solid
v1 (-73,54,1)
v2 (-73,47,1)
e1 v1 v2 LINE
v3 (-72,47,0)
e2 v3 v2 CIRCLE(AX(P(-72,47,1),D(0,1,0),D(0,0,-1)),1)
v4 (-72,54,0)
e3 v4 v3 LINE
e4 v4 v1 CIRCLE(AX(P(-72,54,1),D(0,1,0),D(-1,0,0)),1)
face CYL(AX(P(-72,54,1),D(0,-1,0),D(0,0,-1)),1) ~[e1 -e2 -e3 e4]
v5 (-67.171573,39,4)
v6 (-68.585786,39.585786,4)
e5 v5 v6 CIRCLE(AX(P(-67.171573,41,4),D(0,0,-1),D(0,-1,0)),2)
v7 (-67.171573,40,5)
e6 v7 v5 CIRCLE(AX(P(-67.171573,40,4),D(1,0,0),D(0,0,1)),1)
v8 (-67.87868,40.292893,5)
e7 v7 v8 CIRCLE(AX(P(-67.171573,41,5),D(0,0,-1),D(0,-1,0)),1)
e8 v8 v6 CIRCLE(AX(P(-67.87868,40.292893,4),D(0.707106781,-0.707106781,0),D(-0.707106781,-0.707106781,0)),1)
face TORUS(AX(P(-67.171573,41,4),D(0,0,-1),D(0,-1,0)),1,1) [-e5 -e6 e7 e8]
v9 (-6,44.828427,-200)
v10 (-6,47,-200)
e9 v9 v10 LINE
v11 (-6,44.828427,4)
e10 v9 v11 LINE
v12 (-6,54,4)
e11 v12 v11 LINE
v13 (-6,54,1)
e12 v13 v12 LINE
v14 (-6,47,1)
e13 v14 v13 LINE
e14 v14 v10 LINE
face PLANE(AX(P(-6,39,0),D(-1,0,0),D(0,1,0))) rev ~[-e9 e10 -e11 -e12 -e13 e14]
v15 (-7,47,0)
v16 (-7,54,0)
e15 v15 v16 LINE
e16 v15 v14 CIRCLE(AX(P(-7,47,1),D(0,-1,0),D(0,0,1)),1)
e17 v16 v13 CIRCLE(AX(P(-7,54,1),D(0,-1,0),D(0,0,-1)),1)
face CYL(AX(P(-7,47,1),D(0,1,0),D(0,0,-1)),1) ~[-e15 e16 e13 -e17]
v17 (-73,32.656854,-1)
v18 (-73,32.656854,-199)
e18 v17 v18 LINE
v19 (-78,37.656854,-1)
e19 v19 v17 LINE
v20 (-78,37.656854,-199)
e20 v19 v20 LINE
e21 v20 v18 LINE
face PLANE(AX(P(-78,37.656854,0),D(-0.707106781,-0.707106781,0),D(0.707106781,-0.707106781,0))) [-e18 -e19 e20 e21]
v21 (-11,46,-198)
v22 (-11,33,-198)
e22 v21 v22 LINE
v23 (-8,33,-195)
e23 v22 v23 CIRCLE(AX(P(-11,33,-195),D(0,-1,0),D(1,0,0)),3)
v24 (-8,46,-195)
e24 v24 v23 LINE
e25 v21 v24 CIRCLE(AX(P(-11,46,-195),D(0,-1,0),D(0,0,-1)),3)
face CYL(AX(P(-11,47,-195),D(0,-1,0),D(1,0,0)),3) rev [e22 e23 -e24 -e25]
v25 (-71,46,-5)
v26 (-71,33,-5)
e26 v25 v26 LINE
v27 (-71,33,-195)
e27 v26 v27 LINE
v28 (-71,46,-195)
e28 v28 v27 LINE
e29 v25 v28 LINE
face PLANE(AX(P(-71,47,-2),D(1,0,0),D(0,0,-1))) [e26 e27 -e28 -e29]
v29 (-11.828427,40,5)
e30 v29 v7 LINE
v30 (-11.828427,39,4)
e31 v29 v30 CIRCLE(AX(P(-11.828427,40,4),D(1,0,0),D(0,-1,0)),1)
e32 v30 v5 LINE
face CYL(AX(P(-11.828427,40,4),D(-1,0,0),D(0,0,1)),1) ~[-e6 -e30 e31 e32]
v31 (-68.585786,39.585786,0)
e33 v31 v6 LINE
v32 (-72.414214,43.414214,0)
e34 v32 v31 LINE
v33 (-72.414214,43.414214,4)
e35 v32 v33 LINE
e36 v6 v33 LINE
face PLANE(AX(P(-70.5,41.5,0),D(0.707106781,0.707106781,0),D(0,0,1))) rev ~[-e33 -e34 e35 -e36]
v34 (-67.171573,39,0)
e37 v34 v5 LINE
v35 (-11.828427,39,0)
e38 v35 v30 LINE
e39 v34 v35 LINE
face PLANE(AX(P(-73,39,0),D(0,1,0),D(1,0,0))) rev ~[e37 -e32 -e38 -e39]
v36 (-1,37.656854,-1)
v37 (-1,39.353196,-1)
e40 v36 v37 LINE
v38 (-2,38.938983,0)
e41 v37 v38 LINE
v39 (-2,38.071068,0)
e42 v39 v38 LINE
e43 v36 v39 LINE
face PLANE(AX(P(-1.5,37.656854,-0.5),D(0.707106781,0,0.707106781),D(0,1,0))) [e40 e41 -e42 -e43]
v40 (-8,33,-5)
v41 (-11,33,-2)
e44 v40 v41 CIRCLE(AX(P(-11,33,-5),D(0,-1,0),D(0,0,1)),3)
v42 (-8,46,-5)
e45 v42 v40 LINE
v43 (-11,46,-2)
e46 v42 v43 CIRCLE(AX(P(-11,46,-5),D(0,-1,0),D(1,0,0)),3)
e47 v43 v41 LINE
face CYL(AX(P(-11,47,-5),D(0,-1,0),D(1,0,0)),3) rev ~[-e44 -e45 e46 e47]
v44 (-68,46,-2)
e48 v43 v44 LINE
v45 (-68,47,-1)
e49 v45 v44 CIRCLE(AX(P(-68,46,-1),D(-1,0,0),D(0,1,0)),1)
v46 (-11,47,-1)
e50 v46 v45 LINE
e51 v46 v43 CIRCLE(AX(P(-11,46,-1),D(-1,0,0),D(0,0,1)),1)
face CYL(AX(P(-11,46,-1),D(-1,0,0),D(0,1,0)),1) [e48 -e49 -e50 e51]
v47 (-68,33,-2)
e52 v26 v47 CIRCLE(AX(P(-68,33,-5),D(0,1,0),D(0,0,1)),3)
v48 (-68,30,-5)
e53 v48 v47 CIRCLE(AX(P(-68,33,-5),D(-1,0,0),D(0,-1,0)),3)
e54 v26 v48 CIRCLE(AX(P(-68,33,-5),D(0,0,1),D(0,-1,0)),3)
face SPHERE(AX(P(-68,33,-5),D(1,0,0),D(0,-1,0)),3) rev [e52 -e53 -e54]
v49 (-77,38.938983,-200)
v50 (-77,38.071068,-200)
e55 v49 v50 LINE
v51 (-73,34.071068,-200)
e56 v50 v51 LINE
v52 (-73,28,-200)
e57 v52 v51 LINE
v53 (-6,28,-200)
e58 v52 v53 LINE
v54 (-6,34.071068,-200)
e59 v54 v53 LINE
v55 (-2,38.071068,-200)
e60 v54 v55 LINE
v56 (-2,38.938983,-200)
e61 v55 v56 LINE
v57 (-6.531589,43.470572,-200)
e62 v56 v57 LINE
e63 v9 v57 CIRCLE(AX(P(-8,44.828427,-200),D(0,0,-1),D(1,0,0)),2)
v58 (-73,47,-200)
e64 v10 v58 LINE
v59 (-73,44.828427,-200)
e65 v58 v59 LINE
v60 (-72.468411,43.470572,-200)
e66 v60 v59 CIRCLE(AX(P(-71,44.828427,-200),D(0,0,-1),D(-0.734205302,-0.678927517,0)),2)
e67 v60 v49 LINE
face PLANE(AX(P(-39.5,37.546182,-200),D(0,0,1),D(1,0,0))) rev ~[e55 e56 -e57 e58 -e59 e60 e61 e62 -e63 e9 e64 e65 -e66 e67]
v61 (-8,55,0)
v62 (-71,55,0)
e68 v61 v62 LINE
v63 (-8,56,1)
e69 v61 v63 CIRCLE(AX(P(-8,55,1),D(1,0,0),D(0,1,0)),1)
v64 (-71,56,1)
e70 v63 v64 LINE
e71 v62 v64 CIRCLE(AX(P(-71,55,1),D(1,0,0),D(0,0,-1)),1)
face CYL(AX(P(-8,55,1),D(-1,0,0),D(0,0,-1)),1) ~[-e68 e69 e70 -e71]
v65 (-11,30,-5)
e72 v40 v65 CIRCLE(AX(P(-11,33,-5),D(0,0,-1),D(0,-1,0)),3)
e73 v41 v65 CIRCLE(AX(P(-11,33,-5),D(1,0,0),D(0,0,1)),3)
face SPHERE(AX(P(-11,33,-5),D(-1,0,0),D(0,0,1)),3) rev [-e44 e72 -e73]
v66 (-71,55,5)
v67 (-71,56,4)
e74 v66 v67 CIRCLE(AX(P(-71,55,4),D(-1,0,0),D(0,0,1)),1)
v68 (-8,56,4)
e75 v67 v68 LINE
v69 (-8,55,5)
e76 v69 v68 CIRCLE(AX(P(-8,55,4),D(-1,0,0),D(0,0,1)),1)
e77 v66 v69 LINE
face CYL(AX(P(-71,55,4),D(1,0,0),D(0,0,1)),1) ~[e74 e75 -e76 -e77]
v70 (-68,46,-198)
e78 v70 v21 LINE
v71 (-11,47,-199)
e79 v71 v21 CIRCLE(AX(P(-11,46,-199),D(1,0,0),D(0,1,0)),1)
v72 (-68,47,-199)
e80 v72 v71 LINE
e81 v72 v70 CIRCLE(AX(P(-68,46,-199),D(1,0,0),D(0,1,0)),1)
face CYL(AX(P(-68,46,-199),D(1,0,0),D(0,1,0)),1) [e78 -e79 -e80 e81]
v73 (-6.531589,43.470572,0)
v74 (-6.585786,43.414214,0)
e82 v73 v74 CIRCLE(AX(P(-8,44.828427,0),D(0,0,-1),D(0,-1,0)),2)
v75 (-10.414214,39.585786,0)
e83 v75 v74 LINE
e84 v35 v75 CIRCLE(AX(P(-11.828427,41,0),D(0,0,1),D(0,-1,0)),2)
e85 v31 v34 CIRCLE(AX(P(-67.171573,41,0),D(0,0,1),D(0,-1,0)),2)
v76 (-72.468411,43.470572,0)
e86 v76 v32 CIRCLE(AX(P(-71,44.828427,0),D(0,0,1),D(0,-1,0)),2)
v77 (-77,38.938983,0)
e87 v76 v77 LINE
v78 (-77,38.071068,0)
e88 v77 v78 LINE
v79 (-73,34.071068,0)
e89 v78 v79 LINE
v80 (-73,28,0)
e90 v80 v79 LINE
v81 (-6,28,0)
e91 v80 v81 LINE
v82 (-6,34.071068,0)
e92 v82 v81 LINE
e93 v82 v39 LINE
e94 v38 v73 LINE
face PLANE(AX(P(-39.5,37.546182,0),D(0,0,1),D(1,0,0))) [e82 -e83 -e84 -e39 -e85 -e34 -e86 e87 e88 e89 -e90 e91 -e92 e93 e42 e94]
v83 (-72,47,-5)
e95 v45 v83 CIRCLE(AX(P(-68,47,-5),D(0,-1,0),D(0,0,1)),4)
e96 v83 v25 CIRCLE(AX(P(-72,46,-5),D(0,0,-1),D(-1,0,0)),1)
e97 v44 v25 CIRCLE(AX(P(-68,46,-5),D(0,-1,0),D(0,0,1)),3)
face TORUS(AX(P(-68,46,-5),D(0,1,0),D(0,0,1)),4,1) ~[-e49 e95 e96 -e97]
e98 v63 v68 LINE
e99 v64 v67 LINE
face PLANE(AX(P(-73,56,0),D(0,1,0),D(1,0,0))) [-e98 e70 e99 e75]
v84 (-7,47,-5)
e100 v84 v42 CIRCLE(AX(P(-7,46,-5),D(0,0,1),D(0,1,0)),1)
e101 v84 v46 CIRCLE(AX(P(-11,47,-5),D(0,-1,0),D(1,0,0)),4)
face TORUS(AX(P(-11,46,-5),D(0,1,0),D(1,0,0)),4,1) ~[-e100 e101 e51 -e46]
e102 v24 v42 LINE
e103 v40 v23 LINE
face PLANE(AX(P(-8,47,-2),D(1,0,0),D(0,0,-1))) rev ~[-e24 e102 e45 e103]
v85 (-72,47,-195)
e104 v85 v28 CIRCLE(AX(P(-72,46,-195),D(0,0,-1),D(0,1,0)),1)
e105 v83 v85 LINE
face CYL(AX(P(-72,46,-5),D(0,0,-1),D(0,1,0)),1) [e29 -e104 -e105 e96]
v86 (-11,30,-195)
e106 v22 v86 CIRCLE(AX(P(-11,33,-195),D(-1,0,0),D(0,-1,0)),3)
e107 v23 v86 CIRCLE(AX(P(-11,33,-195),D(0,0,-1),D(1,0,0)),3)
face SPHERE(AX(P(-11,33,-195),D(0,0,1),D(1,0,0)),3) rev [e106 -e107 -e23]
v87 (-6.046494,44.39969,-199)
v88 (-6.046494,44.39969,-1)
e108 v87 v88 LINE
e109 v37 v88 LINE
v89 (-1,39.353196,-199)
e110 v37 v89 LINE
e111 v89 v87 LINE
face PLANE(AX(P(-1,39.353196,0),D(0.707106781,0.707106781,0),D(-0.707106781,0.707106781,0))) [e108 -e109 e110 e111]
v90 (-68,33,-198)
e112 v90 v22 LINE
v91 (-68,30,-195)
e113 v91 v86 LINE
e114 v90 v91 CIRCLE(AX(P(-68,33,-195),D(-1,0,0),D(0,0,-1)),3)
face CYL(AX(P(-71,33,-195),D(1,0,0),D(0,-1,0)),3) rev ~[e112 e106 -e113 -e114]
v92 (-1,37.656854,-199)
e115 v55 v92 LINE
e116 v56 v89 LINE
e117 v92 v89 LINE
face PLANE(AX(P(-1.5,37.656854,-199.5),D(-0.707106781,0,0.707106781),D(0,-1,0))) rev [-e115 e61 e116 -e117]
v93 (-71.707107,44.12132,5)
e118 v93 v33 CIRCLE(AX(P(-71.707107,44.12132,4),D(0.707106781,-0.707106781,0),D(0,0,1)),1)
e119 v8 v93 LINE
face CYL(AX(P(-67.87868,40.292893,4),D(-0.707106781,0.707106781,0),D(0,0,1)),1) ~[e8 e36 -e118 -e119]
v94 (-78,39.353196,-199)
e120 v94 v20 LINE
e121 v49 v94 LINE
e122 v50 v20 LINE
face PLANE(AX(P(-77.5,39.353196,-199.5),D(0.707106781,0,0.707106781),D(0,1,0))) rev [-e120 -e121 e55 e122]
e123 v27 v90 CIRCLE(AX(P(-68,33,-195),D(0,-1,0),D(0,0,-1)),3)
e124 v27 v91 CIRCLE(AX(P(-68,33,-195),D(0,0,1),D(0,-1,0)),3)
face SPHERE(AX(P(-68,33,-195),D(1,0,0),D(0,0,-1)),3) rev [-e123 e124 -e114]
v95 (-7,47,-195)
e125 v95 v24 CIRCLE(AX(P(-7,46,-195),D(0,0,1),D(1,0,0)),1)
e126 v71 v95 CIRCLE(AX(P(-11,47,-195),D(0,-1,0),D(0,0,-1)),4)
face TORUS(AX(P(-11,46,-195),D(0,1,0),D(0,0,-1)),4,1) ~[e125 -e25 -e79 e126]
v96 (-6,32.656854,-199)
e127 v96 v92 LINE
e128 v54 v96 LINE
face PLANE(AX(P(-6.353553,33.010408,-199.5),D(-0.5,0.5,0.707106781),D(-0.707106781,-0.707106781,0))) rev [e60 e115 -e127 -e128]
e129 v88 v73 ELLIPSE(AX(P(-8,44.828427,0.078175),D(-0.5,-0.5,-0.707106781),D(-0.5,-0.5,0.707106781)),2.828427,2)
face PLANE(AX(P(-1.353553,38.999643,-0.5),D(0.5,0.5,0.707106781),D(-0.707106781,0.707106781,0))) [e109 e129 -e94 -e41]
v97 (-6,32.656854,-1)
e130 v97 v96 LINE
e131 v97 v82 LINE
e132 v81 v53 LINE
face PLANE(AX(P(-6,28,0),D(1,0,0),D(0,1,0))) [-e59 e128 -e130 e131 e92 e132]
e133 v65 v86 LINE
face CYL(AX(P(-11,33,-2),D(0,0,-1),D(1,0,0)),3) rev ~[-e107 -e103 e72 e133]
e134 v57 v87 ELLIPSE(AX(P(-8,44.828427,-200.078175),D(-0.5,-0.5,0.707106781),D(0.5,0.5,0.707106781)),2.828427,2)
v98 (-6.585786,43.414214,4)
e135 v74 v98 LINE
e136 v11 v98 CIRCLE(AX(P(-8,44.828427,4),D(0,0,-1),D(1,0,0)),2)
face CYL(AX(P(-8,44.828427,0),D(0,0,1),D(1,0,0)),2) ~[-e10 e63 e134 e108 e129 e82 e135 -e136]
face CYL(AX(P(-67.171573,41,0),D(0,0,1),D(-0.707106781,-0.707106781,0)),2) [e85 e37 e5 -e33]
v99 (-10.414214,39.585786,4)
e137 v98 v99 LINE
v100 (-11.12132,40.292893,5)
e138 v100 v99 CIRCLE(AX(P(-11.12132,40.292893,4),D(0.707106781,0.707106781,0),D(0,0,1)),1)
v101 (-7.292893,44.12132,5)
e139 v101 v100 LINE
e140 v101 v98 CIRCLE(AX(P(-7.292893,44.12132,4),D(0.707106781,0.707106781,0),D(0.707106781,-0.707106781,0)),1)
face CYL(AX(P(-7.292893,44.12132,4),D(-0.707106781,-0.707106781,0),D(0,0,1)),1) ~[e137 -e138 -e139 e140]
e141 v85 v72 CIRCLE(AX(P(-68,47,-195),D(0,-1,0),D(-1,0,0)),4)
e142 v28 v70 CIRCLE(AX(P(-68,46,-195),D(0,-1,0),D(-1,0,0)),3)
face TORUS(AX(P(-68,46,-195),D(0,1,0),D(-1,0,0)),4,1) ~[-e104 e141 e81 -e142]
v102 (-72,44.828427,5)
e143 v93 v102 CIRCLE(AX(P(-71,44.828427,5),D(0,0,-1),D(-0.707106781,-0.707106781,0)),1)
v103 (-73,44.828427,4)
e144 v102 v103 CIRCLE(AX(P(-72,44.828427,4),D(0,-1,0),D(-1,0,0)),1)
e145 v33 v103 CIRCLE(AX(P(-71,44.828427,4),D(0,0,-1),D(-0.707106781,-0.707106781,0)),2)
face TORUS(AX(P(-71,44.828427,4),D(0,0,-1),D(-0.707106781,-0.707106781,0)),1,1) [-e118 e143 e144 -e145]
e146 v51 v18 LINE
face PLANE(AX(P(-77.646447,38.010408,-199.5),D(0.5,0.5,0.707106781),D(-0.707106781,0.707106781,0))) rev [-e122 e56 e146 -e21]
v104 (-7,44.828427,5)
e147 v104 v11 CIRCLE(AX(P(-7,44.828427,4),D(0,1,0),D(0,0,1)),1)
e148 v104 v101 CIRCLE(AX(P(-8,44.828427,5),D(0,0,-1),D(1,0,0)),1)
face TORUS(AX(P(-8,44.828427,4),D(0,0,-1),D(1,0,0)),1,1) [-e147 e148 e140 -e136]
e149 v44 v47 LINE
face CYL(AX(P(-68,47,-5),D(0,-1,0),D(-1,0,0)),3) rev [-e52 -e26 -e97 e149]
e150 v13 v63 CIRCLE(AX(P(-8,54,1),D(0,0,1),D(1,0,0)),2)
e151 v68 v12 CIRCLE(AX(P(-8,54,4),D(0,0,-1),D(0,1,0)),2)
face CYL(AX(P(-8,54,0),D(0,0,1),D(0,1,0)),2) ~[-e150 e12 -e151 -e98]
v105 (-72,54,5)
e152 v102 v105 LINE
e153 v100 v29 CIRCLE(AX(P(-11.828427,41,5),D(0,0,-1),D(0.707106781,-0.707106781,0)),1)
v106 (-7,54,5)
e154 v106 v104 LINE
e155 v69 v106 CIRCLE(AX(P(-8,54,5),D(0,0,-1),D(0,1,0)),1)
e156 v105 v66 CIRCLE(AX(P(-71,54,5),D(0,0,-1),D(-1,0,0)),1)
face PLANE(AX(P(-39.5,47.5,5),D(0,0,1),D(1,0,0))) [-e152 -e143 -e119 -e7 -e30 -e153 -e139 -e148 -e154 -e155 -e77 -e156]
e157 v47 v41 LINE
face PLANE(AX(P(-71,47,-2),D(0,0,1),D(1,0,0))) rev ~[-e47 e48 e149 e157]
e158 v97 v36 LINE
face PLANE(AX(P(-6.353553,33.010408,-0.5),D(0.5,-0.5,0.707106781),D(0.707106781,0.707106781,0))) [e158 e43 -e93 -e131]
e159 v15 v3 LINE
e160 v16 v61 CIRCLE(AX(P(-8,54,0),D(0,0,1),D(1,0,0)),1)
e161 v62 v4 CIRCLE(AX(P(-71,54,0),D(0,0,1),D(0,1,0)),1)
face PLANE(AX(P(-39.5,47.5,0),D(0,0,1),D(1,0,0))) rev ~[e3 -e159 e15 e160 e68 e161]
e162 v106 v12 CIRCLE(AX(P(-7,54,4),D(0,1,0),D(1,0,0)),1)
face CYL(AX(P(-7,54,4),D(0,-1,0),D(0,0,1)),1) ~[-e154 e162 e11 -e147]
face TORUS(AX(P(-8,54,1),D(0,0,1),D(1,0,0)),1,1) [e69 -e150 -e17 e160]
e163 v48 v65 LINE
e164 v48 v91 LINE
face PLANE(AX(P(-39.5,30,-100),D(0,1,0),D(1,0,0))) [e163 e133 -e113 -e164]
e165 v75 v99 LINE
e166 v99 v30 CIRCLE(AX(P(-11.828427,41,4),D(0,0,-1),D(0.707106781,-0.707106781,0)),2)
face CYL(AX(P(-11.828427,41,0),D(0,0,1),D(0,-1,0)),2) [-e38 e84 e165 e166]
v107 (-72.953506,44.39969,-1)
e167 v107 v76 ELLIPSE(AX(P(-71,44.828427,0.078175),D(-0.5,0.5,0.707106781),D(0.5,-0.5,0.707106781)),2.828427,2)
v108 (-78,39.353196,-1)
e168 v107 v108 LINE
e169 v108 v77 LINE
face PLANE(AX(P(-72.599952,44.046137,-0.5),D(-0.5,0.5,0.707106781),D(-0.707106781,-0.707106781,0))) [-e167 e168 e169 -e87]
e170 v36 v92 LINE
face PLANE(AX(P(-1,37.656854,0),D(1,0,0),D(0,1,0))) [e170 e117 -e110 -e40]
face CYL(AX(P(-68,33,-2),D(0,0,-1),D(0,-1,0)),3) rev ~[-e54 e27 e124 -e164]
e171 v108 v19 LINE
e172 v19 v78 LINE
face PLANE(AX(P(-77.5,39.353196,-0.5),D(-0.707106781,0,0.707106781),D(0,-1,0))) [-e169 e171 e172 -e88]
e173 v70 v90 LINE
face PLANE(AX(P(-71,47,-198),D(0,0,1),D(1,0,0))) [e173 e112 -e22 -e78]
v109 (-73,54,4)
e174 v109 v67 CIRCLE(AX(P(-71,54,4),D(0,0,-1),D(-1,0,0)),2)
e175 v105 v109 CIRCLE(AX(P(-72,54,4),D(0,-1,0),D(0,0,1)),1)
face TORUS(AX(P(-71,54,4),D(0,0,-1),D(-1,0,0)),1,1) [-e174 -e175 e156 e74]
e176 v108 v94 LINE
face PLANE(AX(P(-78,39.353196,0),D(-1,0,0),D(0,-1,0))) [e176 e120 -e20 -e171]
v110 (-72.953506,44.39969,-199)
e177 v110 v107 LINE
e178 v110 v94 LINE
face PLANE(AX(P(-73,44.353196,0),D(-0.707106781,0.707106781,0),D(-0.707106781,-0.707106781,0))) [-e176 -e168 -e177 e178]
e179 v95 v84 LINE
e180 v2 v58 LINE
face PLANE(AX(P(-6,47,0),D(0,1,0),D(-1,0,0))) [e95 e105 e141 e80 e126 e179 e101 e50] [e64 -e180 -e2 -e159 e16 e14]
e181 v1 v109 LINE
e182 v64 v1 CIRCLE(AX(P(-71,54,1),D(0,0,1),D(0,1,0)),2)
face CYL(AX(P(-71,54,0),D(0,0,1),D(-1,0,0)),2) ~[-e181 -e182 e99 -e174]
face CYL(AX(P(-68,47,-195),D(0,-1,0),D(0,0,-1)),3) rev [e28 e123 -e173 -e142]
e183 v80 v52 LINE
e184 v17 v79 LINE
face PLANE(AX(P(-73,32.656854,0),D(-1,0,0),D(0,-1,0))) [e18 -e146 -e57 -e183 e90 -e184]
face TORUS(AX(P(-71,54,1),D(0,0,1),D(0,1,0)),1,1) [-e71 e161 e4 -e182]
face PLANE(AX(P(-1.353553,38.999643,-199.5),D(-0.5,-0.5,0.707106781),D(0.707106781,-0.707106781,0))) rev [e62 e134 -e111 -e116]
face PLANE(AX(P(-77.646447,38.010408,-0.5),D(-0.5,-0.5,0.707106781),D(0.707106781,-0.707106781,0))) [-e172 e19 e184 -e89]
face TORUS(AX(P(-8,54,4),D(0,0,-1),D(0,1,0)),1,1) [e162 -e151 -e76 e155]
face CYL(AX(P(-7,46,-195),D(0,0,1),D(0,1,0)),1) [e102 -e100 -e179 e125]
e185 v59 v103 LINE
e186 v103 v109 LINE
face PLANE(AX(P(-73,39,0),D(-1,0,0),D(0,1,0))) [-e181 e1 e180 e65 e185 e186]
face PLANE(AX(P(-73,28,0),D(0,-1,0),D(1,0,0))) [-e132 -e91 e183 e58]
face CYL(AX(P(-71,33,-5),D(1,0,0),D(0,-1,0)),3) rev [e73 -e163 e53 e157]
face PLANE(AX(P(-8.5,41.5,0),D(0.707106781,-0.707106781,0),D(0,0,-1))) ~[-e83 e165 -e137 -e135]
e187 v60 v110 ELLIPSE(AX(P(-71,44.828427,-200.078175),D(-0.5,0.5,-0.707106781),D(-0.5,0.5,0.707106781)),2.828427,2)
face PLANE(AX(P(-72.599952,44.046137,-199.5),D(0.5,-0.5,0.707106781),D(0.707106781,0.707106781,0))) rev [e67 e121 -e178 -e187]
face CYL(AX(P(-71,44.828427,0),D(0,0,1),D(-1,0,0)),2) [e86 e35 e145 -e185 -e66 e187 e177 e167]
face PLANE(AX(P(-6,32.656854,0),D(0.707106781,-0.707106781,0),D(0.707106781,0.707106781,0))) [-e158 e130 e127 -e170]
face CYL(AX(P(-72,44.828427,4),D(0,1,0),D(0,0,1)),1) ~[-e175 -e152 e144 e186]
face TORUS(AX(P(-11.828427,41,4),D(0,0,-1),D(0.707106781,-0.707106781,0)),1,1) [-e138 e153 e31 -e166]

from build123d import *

# Parameters (mm, degrees)
EXTRUDE_1_DEPTH     = 200
SKETCH_2_W          = 63
SKETCH_2_H          = 196
CUT_EXTRUDE_1_DEPTH = 17
SKETCH_3_W          = 67
SKETCH_3_H          = 17
EXTRUDE_2_DEPTH     = 5
CHAMFER_1_SIZE      = 5
FILLET_1_R          = 2
FILLET_2_R          = 1
FILLET_3_R          = 3
FILLET_4_R          = 1
CHAMFER_2_SIZE      = 1


with BuildPart() as part:
    # 草图1 → 凸台-拉伸1 (new body)
    with BuildSketch(Plane.XY):
        Polygon((-73, 28), (-6, 28), (-6, 32.656854249), (-1, 37.656854249), (-1, 39.353196257), (-6, 44.353196257), (-6, 47), (-73, 47), (-73, 44.353196257), (-78, 39.353196257), (-78, 37.656854249), (-73, 32.656854249), align=None)
    extrude(amount=-EXTRUDE_1_DEPTH)

    # 草图2 → 切除-拉伸1 (cut)
    with BuildSketch(Plane(origin=(0, 47, 0), x_dir=(1, 0, 0), z_dir=(0, 1, 0))):
        with Locations((-39.5, 100)):
            Rectangle(SKETCH_2_W, SKETCH_2_H)
    extrude(amount=-CUT_EXTRUDE_1_DEPTH, mode=Mode.SUBTRACT)

    # 草图3 → 凸台-拉伸2 (add)
    with BuildSketch(Plane.XY):
        with Locations((-39.5, 47.5)):
            Rectangle(SKETCH_3_W, SKETCH_3_H)
    extrude(amount=EXTRUDE_2_DEPTH)

    # 倒角1
    chamfer_1_edges = [part.edges().sort_by_distance(p)[0] for p in [
        (-73, 39, 2.5),
        (-6, 39, 2.5),
    ]]
    chamfer(chamfer_1_edges, length=CHAMFER_1_SIZE)

    # 圆角1
    fillet_1_edges = [part.edges().sort_by_distance(p)[0] for p in [
        (-6, 56, 2.5),
        (-6, 44, 2.5),
        (-11, 39, 2.5),
        (-68, 39, 2.5),
        (-73, 44, 2.5),
        (-73, 56, 2.5),
    ]]
    fillet(fillet_1_edges, radius=FILLET_1_R)

    # 圆角2
    fillet_2_edges = [part.edges().sort_by_distance(p)[0] for p in [
        (-6, 50.5, 0),
        (-39.5, 56, 0),
        (-39.5, 56, 5),
        (-73, 50.5, 0),
        (-72.414213562, 55.414213562, 0),
        (-6.585786438, 55.414213562, 0),
        (-6, 49.414213562, 5),
        (-39.5, 39, 5),
        (-8.5, 41.5, 5),
        (-73, 49.414213562, 5),
        (-70.5, 41.5, 5),
        (-72.414213562, 55.414213562, 5),
        (-72.847759065, 44.06306026, 5),
        (-67.93693974, 39.152240935, 5),
        (-11.06306026, 39.152240935, 5),
        (-6.152240935, 44.06306026, 5),
        (-6.585786438, 55.414213562, 5),
    ]]
    fillet(fillet_2_edges, radius=FILLET_2_R)

    # 圆角3
    fillet_3_edges = [part.edges().sort_by_distance(p)[0] for p in [
        (-39.5, 30, -2),
        (-8, 38.5, -2),
        (-8, 30, -100),
        (-8, 38.5, -198),
        (-39.5, 30, -198),
        (-71, 38.5, -198),
        (-71, 30, -100),
        (-71, 38.5, -2),
    ]]
    fillet(fillet_3_edges, radius=FILLET_3_R)

    # 圆角4
    fillet_4_edges = [part.edges().sort_by_distance(p)[0] for p in [
        (-39.5, 47, -198),
        (-8, 47, -100),
        (-39.5, 47, -2),
        (-71, 47, -100),
        (-8.878679656, 47, -2.878679656),
        (-8.878679656, 47, -197.121320344),
        (-70.121320344, 47, -2.878679656),
        (-70.121320344, 47, -197.121320344),
    ]]
    fillet(fillet_4_edges, radius=FILLET_4_R)

    # 倒角2
    chamfer_2_edges = [part.edges().sort_by_distance(p)[0] for p in [
        (-75.5, 35.156854249, 0),
        (-78, 38.505025253, 0),
        (-75.476752896, 41.876443361, 0),
        (-3.523247104, 41.876443361, 0),
        (-1, 38.505025253, 0),
        (-3.5, 35.156854249, 0),
        (-3.5, 35.156854249, -200),
        (-1, 38.505025253, -200),
        (-3.523247104, 41.876443361, -200),
        (-75.476752896, 41.876443361, -200),
        (-78, 38.505025253, -200),
        (-75.5, 35.156854249, -200),
    ]]
    chamfer(chamfer_2_edges, length=CHAMFER_2_SIZE)


solid = part.part
